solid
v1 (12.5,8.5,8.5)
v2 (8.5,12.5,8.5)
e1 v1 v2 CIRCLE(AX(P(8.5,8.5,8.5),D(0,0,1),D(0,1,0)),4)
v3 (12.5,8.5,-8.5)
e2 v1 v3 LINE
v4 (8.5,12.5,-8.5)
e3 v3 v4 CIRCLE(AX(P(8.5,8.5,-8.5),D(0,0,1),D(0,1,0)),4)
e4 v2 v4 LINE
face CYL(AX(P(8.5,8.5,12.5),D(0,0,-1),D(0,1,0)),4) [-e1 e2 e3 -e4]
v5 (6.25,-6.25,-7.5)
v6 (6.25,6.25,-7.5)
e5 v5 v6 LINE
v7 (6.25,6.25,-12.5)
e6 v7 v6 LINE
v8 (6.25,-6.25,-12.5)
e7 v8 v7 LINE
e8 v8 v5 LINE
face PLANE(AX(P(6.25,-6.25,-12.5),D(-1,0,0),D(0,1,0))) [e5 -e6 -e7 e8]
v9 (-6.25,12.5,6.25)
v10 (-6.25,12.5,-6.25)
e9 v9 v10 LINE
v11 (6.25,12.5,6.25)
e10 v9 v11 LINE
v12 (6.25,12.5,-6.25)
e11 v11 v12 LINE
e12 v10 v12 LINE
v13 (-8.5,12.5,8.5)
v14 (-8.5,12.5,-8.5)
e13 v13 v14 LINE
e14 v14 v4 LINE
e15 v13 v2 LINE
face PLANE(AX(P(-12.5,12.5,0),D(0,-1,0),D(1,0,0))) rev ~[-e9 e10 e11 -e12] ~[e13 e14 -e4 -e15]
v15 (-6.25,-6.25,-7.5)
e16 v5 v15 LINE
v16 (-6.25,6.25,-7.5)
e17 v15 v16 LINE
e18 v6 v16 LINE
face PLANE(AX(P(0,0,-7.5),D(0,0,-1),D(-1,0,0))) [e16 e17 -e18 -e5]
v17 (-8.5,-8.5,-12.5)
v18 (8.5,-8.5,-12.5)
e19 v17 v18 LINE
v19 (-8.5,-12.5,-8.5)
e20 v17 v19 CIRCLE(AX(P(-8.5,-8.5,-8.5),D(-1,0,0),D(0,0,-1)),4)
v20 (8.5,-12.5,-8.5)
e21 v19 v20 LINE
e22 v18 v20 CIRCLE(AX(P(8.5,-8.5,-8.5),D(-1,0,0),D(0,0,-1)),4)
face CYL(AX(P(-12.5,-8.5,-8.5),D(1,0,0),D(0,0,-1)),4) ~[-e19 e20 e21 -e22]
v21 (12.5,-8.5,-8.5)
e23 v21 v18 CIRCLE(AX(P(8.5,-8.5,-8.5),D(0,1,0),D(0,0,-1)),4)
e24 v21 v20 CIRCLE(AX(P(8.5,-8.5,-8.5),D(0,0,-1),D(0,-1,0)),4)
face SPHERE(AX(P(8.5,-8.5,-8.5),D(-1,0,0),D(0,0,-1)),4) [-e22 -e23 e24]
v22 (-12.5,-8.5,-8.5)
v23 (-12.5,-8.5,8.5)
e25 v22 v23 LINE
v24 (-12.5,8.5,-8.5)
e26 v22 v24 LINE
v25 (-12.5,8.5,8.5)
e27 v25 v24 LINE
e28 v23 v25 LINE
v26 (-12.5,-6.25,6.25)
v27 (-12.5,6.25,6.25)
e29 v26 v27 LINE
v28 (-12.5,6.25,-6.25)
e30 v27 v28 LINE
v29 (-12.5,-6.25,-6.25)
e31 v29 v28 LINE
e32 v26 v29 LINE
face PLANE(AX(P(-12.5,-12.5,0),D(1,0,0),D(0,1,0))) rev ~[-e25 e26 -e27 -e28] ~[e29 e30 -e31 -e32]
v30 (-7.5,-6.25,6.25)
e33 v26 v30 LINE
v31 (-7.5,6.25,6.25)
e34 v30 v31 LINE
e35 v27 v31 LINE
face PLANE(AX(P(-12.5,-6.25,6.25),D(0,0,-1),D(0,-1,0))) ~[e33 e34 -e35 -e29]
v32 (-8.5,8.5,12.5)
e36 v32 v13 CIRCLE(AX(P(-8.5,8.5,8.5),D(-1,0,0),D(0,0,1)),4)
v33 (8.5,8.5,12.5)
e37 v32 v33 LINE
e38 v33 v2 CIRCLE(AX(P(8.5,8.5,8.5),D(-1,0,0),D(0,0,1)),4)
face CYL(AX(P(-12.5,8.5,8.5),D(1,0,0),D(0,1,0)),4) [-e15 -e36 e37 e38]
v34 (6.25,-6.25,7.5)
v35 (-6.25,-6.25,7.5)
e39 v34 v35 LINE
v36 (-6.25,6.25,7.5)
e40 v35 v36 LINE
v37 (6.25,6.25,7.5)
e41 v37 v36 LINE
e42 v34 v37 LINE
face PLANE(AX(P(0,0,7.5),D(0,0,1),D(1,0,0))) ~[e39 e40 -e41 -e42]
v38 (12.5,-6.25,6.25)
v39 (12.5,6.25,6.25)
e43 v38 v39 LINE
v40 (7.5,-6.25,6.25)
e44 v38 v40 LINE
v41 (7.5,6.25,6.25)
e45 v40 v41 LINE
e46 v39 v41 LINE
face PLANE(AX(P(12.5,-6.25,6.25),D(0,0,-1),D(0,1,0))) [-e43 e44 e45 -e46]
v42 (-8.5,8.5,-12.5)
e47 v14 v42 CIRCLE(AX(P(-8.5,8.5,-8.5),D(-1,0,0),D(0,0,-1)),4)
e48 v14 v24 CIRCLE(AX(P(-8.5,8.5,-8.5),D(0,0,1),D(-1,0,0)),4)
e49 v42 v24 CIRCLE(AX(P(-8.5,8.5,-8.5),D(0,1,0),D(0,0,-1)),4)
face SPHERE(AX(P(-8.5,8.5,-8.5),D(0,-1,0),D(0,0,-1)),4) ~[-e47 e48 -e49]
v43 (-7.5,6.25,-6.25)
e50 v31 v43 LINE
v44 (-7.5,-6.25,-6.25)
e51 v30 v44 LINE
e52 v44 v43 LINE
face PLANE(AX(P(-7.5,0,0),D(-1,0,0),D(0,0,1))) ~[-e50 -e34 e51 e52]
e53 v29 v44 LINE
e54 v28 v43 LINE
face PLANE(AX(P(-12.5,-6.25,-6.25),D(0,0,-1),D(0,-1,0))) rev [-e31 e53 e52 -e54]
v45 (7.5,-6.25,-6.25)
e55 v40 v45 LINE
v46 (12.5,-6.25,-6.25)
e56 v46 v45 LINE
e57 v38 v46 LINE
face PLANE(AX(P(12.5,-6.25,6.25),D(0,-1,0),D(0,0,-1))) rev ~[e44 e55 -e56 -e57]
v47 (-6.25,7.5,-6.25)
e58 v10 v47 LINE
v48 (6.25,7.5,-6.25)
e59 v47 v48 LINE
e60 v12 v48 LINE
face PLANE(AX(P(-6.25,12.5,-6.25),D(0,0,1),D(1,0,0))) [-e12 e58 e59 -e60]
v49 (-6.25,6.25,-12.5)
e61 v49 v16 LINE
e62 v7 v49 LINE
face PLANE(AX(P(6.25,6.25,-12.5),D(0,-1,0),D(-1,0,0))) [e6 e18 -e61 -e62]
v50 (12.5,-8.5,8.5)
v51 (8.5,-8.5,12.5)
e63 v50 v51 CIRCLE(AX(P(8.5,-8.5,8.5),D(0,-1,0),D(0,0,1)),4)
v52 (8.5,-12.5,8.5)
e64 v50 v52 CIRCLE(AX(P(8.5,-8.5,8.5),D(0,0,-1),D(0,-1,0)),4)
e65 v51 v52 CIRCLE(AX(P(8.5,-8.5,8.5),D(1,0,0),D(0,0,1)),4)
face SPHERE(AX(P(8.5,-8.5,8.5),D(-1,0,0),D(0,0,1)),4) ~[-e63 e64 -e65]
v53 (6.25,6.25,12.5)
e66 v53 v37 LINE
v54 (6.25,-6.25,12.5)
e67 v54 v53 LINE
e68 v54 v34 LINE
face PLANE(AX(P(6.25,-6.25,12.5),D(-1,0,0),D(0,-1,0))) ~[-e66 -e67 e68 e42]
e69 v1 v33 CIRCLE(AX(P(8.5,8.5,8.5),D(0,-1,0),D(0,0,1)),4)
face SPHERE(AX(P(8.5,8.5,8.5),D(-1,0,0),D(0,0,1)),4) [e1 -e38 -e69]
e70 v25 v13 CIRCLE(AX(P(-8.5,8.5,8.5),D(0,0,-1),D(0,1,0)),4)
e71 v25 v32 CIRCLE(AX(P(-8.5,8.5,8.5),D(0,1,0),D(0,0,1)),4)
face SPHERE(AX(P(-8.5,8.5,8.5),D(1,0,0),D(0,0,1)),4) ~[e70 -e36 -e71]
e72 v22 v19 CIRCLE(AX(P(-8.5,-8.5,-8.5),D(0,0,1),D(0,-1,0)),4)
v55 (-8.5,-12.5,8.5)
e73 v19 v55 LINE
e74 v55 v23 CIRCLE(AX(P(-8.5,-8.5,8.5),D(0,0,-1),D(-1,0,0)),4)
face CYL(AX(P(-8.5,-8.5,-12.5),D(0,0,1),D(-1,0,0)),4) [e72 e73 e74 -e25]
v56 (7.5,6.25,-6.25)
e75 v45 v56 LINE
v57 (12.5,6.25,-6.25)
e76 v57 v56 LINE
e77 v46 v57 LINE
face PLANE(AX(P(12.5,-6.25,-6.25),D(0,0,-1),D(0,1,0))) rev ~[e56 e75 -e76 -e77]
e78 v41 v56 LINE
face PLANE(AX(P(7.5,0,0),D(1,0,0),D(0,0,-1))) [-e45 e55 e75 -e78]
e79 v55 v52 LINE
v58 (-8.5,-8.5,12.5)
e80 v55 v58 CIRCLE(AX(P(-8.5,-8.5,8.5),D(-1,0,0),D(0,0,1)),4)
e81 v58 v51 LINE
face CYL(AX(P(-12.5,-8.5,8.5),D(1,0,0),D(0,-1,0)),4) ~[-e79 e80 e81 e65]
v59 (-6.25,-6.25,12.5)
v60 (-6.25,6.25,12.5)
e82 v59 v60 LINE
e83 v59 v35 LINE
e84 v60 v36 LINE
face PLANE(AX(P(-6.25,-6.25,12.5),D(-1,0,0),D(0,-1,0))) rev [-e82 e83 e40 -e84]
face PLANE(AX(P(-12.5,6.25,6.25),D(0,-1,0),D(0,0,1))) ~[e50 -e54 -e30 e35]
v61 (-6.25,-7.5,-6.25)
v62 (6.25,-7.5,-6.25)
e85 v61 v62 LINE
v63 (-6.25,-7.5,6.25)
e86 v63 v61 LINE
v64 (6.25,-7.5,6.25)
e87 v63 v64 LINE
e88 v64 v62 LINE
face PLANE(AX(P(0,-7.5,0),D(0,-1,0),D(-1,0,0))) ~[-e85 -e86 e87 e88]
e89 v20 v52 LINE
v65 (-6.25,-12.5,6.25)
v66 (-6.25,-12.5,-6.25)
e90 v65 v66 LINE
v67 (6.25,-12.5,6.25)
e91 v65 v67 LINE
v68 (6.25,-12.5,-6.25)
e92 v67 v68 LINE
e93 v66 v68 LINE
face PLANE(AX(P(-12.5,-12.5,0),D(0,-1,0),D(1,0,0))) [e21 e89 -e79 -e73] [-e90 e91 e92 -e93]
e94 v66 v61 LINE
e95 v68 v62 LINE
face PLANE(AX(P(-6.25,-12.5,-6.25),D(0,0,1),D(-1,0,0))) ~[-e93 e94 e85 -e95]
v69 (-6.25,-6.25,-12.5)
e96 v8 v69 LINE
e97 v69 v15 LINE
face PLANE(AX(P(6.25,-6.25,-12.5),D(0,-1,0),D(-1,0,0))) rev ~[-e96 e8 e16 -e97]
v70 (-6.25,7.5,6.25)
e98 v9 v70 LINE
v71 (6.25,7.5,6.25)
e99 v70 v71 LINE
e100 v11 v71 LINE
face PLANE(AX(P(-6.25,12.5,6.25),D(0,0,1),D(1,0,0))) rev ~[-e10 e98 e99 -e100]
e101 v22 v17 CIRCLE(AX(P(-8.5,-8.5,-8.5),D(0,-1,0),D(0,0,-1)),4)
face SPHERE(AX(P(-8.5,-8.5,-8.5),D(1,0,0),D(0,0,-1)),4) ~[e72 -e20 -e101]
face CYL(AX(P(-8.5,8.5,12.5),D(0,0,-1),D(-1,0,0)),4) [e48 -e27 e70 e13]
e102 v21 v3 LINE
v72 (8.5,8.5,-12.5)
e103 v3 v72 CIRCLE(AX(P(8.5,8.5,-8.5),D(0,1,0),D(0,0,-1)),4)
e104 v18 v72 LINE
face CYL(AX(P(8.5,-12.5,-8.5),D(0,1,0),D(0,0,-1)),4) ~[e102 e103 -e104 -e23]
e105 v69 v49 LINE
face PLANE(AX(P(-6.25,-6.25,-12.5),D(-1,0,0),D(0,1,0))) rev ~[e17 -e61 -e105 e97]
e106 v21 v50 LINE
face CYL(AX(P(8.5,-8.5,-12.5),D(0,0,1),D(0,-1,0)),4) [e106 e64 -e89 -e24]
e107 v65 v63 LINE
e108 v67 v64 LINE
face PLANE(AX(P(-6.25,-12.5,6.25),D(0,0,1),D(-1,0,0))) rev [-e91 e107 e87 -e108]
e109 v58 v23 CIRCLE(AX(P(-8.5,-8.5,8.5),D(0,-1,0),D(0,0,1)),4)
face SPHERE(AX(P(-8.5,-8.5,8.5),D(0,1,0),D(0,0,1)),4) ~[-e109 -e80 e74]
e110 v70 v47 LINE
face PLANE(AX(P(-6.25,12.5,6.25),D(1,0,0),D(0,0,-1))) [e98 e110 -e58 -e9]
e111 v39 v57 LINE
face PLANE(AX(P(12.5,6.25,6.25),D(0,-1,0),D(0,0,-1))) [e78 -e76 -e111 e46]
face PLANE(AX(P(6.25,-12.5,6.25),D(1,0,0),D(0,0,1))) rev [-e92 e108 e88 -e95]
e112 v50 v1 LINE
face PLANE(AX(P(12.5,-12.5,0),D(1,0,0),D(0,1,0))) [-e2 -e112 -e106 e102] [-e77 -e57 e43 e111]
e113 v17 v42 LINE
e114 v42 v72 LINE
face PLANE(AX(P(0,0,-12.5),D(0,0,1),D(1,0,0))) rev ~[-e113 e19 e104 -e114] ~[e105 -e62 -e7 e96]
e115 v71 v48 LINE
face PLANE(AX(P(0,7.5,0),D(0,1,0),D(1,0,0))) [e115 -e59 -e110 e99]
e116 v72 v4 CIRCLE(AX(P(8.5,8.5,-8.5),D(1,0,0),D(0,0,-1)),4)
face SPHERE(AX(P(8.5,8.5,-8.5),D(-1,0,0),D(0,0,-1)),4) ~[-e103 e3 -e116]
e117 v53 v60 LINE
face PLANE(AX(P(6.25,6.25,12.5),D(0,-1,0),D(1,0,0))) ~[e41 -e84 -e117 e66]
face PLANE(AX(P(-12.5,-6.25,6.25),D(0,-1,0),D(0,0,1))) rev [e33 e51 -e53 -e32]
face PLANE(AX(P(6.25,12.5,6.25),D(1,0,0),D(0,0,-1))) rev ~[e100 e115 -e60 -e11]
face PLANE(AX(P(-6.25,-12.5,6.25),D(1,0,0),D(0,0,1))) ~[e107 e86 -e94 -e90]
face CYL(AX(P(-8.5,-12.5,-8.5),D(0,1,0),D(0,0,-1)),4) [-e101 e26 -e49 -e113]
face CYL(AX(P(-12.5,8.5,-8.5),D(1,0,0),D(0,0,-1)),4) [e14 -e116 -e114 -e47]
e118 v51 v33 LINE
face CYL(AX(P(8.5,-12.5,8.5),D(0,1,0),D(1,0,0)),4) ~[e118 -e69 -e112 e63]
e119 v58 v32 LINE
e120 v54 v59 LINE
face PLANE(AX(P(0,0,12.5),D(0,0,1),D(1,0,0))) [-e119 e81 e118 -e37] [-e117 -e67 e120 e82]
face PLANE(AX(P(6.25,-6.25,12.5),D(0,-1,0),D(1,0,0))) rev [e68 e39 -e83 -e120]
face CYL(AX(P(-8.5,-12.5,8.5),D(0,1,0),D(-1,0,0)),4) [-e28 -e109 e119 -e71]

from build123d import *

# Parameters (mm, degrees)
SKETCH1_W           = 25
SKETCH1_H           = 25
SKETCH1_W_2         = 12.5
SKETCH1_H_2         = 12.5
BOSS_EXTRUDE1_DEPTH = 12.5
SKETCH2_W           = 12.5
SKETCH2_H           = 12.5
CUT_EXTRUDE1_DEPTH  = 5
SKETCH3_W           = 12.5
SKETCH3_H           = 12.5
CUT_EXTRUDE2_DEPTH  = 5
SKETCH4_W           = 12.5
SKETCH4_H           = 12.5
CUT_EXTRUDE3_DEPTH  = 5
FILLET1_R           = 4


with BuildPart() as part:
    # Sketch1 → Boss-Extrude1 (new, symmetric)
    # profile 1 of 2: a face of its own
    with BuildSketch(Plane.XY):
        Rectangle(SKETCH1_W, SKETCH1_H)
        Rectangle(SKETCH1_W_2, SKETCH1_H_2, mode=Mode.SUBTRACT)
    # profile 2 of 2: a face of its own
    with BuildSketch(Plane.XY):
        Rectangle(SKETCH1_W_2, SKETCH1_H_2)
    extrude(amount=BOSS_EXTRUDE1_DEPTH, both=True)

    # Sketch2 → Cut-Extrude1 (cut)
    with BuildSketch(Plane(origin=(0, 0, -12.5), x_dir=(-1, 0, 0), z_dir=(0, 0, -1))):
        Rectangle(SKETCH2_W, SKETCH2_H)
    cut_extrude1 = extrude(amount=-CUT_EXTRUDE1_DEPTH, mode=Mode.SUBTRACT)

    # Mirror1: Cut-Extrude1 across plane
    add(cut_extrude1.mirror(Plane.XY), mode=Mode.SUBTRACT)

    # Sketch3 → Cut-Extrude2 (cut)
    with BuildSketch(Plane(origin=(0, 12.5, 0), x_dir=(1, 0, 0), z_dir=(0, 1, 0))):
        Rectangle(SKETCH3_W, SKETCH3_H)
    cut_extrude2 = extrude(amount=-CUT_EXTRUDE2_DEPTH, mode=Mode.SUBTRACT)

    # Sketch4 → Cut-Extrude3 (cut)
    with BuildSketch(Plane(origin=(12.5, 0, 0), x_dir=(0, 0, -1), z_dir=(1, 0, 0))):
        Rectangle(SKETCH4_W, SKETCH4_H)
    cut_extrude3 = extrude(amount=-CUT_EXTRUDE3_DEPTH, mode=Mode.SUBTRACT)

    # Mirror2: Cut-Extrude3 across plane
    add(cut_extrude3.mirror(Plane(origin=(0, 0, 0), x_dir=(0, 0, 1), z_dir=(1, 0, 0))), mode=Mode.SUBTRACT)

    # Mirror3: Cut-Extrude2 across plane
    add(cut_extrude2.mirror(Plane.ZX), mode=Mode.SUBTRACT)

    # Fillet1
    fillet1_edges = [part.edges().sort_by_distance(p)[0] for p in [
        (0, 12.5, 12.5),
        (-12.5, 0, 12.5),
        (0, -12.5, 12.5),
        (12.5, 0, 12.5),
        (0, -12.5, -12.5),
        (-12.5, 0, -12.5),
        (0, 12.5, -12.5),
        (12.5, 0, -12.5),
        (12.5, -12.5, 0),
        (-12.5, -12.5, 0),
        (-12.5, 12.5, 0),
        (12.5, 12.5, 0),
    ]]
    fillet(fillet1_edges, radius=FILLET1_R)


solid = part.part
